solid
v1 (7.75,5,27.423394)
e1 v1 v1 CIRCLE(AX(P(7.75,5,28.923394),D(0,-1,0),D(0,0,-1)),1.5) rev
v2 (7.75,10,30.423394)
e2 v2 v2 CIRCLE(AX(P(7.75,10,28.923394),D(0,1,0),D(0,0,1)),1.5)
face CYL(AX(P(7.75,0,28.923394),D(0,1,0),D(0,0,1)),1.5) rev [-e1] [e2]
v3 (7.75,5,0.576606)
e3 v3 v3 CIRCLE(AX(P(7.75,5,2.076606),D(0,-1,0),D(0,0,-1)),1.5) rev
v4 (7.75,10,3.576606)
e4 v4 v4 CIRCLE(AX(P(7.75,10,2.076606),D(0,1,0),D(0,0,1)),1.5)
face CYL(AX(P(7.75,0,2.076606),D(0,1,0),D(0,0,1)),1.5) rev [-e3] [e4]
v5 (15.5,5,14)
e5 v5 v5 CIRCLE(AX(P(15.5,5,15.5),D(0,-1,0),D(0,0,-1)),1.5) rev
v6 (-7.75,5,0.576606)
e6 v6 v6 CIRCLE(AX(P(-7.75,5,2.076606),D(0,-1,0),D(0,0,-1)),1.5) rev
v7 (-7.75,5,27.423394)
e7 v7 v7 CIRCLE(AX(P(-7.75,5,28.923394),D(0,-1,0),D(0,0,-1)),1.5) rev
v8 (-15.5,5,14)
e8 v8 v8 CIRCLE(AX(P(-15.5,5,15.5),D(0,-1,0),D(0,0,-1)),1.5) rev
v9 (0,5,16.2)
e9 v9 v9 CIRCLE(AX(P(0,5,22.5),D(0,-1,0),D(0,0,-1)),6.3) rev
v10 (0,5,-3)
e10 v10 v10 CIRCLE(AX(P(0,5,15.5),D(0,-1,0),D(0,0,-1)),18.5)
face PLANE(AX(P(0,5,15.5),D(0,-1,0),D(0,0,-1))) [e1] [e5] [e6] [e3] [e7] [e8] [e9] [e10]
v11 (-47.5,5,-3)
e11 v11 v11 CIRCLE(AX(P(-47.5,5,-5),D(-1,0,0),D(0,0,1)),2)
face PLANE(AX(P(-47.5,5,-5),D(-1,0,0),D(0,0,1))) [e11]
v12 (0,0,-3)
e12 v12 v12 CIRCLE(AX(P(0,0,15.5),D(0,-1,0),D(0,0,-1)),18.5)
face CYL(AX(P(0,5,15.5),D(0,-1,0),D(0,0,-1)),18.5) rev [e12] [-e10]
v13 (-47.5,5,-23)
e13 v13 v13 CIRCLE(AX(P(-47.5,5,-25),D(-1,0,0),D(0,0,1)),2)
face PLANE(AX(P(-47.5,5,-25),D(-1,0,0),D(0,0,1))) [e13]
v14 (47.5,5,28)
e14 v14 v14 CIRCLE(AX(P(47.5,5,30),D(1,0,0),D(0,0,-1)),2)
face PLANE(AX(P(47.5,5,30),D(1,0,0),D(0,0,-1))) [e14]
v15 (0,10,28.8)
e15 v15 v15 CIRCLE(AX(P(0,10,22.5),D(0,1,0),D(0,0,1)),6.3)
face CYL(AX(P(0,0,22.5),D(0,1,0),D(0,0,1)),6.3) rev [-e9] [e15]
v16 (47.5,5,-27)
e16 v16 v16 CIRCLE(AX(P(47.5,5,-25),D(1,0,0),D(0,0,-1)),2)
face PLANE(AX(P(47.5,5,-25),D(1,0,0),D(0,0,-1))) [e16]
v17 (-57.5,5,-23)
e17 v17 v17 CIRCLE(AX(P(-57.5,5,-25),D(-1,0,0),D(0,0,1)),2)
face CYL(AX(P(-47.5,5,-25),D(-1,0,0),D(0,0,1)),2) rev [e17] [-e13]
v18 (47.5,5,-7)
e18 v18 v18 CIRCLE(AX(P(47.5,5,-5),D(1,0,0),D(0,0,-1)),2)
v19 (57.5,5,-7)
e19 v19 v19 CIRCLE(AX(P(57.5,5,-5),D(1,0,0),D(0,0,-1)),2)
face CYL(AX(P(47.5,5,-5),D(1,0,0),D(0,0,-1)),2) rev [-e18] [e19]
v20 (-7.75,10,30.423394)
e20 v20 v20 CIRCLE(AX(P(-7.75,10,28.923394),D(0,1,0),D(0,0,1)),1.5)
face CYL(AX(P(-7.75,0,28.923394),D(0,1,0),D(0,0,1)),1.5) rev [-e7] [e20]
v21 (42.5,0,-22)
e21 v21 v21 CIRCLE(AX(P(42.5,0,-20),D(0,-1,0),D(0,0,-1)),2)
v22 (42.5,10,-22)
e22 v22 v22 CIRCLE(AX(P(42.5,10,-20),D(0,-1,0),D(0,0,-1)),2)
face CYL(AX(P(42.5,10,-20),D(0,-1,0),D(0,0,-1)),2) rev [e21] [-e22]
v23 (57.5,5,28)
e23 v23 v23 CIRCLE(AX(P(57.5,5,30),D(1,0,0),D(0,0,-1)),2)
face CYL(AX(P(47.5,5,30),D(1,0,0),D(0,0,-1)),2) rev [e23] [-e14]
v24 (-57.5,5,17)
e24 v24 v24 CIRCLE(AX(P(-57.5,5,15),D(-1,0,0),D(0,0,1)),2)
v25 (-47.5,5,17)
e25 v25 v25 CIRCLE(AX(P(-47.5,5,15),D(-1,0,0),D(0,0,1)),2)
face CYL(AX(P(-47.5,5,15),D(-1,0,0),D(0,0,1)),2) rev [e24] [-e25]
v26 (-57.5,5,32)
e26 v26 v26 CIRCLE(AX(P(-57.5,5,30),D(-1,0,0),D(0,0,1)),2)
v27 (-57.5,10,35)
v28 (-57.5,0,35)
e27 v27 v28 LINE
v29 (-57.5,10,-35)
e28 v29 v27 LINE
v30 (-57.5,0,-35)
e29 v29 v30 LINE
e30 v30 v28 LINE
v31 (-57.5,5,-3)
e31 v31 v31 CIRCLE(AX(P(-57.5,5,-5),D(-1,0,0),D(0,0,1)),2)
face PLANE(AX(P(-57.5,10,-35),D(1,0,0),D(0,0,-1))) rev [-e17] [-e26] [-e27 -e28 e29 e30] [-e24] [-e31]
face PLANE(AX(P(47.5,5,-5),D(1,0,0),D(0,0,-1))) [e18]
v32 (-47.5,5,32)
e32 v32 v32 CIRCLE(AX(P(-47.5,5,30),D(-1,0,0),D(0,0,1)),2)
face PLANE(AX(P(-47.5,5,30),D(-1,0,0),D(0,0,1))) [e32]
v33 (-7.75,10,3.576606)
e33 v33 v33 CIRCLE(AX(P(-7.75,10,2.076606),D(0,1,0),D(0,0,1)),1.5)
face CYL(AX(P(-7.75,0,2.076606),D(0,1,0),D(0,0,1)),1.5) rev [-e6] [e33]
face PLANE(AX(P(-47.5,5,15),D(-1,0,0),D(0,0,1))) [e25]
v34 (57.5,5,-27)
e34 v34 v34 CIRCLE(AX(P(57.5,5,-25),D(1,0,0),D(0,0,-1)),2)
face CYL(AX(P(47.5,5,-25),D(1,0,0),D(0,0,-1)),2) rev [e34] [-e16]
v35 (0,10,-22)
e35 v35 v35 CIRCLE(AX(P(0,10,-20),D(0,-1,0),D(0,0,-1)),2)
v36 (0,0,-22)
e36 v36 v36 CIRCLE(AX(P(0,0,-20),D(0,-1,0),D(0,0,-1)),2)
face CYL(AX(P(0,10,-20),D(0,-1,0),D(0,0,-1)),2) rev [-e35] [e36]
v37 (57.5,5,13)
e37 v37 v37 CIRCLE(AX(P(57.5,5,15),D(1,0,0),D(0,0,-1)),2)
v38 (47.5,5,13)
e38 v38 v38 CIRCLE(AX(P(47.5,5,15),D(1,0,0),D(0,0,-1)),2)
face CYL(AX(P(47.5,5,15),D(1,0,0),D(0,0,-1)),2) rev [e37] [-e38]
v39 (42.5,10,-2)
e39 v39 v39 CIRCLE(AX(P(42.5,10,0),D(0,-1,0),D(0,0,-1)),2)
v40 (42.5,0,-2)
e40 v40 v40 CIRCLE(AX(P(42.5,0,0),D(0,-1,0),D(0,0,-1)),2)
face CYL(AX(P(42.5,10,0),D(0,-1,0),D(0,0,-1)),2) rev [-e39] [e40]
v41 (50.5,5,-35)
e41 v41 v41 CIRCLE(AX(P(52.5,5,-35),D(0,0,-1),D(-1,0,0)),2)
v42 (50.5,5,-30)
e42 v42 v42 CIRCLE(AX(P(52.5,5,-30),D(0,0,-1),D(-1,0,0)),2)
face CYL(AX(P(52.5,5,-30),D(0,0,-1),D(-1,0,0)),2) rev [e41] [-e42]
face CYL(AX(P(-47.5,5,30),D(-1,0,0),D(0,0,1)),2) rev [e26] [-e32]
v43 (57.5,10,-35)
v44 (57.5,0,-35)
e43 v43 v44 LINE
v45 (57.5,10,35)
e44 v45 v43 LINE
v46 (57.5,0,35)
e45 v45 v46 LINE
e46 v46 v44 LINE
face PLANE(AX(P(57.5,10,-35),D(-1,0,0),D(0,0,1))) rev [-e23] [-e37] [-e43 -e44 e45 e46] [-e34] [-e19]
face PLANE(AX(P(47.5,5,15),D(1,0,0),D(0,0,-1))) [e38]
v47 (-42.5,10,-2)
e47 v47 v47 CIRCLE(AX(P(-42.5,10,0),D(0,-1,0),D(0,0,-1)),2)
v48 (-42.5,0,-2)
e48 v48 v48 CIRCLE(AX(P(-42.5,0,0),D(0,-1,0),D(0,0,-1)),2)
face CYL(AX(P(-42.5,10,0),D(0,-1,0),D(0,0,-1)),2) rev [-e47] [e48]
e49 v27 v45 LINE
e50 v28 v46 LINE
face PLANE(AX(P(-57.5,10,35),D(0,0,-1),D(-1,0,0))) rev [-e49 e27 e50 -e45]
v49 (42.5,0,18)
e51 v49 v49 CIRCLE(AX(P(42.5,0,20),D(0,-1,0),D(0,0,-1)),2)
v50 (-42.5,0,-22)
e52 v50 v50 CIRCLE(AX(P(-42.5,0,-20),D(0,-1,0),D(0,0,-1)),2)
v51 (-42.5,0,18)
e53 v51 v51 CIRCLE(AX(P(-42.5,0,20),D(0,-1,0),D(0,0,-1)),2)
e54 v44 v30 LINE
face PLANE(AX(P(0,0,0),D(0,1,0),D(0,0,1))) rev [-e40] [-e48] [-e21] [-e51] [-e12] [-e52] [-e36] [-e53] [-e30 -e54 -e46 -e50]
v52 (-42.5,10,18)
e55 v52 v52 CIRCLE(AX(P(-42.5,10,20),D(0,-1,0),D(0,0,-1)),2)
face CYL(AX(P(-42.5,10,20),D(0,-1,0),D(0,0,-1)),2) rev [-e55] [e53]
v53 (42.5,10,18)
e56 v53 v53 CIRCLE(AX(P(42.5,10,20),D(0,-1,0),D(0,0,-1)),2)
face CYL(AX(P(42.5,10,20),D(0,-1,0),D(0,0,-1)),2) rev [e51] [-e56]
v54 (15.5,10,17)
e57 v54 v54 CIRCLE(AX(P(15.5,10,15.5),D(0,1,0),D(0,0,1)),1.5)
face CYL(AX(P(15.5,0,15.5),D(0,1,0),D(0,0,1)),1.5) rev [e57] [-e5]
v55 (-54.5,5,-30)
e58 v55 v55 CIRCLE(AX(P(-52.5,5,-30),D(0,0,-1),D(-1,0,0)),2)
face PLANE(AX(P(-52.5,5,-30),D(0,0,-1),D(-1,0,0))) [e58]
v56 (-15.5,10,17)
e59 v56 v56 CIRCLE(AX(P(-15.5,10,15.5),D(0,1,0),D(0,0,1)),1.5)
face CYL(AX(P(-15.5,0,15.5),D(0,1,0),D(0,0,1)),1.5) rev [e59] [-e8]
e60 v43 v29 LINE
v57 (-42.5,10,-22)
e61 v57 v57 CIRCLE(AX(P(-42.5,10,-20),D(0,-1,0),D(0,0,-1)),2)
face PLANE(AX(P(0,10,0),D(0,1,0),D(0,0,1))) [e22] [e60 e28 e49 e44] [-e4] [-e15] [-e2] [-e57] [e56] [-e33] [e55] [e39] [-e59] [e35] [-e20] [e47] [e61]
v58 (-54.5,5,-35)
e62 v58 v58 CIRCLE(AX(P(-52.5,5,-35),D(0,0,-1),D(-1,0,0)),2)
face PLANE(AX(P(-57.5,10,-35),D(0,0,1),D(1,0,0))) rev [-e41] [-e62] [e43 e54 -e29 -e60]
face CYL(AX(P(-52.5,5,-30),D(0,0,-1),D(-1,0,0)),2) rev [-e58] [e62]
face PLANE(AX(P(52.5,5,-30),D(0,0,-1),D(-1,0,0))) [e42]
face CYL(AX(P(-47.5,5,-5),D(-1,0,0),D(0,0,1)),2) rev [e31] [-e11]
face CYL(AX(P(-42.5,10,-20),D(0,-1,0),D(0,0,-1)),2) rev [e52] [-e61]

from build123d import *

# Parameters (mm, degrees)
SKETCH1_W           = 115
SKETCH1_H           = 70
BOSS_EXTRUDE1_DEPTH = 10
SKETCH2_R           = 6.3
SKETCH2_R_2         = 1.5
CUT_EXTRUDE1_DEPTH  = 10
SKETCH3_R           = 18.5
CUT_EXTRUDE2_DEPTH  = 5
SKETCH4_R           = 2
CUT_EXTRUDE3_DEPTH  = 10
CUT_EXTRUDE4_START  = -10
SKETCH5_R           = 2
CUT_EXTRUDE4_DEPTH  = 10
SKETCH6_R           = 2
CUT_EXTRUDE5_DEPTH  = 5
SKETCH7_R           = 2
CUT_EXTRUDE6_DEPTH  = 10


with BuildPart() as part:
    # Sketch1 → Boss-Extrude1 (new body)
    with BuildSketch(Plane(origin=(0, 0, 0), x_dir=(1, 0, 0), z_dir=(0, 1, 0))):
        Rectangle(SKETCH1_W, SKETCH1_H)
    extrude(amount=BOSS_EXTRUDE1_DEPTH)

    # Sketch2 → Cut-Extrude1 (cut)
    with BuildSketch(Plane(origin=(0, 10, 0), x_dir=(1, 0, 0), z_dir=(0, 1, 0))):
        with Locations(Location((0, -22.5, 0), (0, 0, 270))):
            Circle(SKETCH2_R)
        with Locations(Location((15.5, -15.5, 0), (0, 0, 270))):
            Circle(SKETCH2_R_2)
        with Locations(Location((7.75, -28.923393759, 0), (0, 0, 270))):
            Circle(SKETCH2_R_2)
        with Locations(Location((-7.75, -28.923393759, 0), (0, 0, 270))):
            Circle(SKETCH2_R_2)
        with Locations(Location((-15.5, -15.5, 0), (0, 0, 270))):
            Circle(SKETCH2_R_2)
        with Locations(Location((-7.75, -2.076606241, 0), (0, 0, 270))):
            Circle(SKETCH2_R_2)
        with Locations(Location((7.75, -2.076606241, 0), (0, 0, 270))):
            Circle(SKETCH2_R_2)
    extrude(amount=-CUT_EXTRUDE1_DEPTH, mode=Mode.SUBTRACT)

    # Sketch3 → Cut-Extrude2 (cut)
    with BuildSketch(Plane.XZ):
        with Locations(Location((0, 15.5, 0), (0, 0, 270))):
            Circle(SKETCH3_R)
    extrude(amount=-CUT_EXTRUDE2_DEPTH, mode=Mode.SUBTRACT)

    # Sketch4 → Cut-Extrude3 (cut)
    with BuildSketch(Plane.ZY.offset(57.5)):
        with Locations((30, 5)):
            Circle(SKETCH4_R)
        with Locations((15, 5)):
            Circle(SKETCH4_R)
        with Locations((-5, 5)):
            Circle(SKETCH4_R)
        with Locations((-25, 5)):
            Circle(SKETCH4_R)
    extrude(amount=-CUT_EXTRUDE3_DEPTH, mode=Mode.SUBTRACT)

    # Sketch5 → Cut-Extrude4 (cut)
    with BuildSketch(Plane(origin=(57.5, 0, 0), x_dir=(0, 0, -1), z_dir=(1, 0, 0)).offset(CUT_EXTRUDE4_START)):
        with Locations(Location((-30, 5, 0), (0, 0, 180))):
            Circle(SKETCH5_R)
        with Locations(Location((-15, 5, 0), (0, 0, 180))):
            Circle(SKETCH5_R)
        with Locations(Location((5, 5, 0), (0, 0, 180))):
            Circle(SKETCH5_R)
        with Locations(Location((25, 5, 0), (0, 0, 180))):
            Circle(SKETCH5_R)
    extrude(amount=CUT_EXTRUDE4_DEPTH, mode=Mode.SUBTRACT)

    # Sketch6 → Cut-Extrude5 (cut)
    with BuildSketch(Plane(origin=(0, 0, -35), x_dir=(-1, 0, 0), z_dir=(0, 0, -1))):
        with Locations((-52.5, 5)):
            Circle(SKETCH6_R)
        with Locations((52.5, 5)):
            Circle(SKETCH6_R)
    extrude(amount=-CUT_EXTRUDE5_DEPTH, mode=Mode.SUBTRACT)

    # Sketch7 → Cut-Extrude6 (cut)
    with BuildSketch(Plane.XZ):
        with Locations(Location((42.5, 20, 0), (0, 0, 270))):
            Circle(SKETCH7_R)
        with Locations(Location((42.5, 0, 0), (0, 0, 270))):
            Circle(SKETCH7_R)
        with Locations(Location((42.5, -20, 0), (0, 0, 270))):
            Circle(SKETCH7_R)
        with Locations(Location((-42.5, -20, 0), (0, 0, 270))):
            Circle(SKETCH7_R)
        with Locations(Location((-42.5, 0, 0), (0, 0, 270))):
            Circle(SKETCH7_R)
        with Locations(Location((-42.5, 20, 0), (0, 0, 270))):
            Circle(SKETCH7_R)
        with Locations(Location((0, -20, 0), (0, 0, 270))):
            Circle(SKETCH7_R)
    extrude(amount=-CUT_EXTRUDE6_DEPTH, mode=Mode.SUBTRACT)


solid = part.part
